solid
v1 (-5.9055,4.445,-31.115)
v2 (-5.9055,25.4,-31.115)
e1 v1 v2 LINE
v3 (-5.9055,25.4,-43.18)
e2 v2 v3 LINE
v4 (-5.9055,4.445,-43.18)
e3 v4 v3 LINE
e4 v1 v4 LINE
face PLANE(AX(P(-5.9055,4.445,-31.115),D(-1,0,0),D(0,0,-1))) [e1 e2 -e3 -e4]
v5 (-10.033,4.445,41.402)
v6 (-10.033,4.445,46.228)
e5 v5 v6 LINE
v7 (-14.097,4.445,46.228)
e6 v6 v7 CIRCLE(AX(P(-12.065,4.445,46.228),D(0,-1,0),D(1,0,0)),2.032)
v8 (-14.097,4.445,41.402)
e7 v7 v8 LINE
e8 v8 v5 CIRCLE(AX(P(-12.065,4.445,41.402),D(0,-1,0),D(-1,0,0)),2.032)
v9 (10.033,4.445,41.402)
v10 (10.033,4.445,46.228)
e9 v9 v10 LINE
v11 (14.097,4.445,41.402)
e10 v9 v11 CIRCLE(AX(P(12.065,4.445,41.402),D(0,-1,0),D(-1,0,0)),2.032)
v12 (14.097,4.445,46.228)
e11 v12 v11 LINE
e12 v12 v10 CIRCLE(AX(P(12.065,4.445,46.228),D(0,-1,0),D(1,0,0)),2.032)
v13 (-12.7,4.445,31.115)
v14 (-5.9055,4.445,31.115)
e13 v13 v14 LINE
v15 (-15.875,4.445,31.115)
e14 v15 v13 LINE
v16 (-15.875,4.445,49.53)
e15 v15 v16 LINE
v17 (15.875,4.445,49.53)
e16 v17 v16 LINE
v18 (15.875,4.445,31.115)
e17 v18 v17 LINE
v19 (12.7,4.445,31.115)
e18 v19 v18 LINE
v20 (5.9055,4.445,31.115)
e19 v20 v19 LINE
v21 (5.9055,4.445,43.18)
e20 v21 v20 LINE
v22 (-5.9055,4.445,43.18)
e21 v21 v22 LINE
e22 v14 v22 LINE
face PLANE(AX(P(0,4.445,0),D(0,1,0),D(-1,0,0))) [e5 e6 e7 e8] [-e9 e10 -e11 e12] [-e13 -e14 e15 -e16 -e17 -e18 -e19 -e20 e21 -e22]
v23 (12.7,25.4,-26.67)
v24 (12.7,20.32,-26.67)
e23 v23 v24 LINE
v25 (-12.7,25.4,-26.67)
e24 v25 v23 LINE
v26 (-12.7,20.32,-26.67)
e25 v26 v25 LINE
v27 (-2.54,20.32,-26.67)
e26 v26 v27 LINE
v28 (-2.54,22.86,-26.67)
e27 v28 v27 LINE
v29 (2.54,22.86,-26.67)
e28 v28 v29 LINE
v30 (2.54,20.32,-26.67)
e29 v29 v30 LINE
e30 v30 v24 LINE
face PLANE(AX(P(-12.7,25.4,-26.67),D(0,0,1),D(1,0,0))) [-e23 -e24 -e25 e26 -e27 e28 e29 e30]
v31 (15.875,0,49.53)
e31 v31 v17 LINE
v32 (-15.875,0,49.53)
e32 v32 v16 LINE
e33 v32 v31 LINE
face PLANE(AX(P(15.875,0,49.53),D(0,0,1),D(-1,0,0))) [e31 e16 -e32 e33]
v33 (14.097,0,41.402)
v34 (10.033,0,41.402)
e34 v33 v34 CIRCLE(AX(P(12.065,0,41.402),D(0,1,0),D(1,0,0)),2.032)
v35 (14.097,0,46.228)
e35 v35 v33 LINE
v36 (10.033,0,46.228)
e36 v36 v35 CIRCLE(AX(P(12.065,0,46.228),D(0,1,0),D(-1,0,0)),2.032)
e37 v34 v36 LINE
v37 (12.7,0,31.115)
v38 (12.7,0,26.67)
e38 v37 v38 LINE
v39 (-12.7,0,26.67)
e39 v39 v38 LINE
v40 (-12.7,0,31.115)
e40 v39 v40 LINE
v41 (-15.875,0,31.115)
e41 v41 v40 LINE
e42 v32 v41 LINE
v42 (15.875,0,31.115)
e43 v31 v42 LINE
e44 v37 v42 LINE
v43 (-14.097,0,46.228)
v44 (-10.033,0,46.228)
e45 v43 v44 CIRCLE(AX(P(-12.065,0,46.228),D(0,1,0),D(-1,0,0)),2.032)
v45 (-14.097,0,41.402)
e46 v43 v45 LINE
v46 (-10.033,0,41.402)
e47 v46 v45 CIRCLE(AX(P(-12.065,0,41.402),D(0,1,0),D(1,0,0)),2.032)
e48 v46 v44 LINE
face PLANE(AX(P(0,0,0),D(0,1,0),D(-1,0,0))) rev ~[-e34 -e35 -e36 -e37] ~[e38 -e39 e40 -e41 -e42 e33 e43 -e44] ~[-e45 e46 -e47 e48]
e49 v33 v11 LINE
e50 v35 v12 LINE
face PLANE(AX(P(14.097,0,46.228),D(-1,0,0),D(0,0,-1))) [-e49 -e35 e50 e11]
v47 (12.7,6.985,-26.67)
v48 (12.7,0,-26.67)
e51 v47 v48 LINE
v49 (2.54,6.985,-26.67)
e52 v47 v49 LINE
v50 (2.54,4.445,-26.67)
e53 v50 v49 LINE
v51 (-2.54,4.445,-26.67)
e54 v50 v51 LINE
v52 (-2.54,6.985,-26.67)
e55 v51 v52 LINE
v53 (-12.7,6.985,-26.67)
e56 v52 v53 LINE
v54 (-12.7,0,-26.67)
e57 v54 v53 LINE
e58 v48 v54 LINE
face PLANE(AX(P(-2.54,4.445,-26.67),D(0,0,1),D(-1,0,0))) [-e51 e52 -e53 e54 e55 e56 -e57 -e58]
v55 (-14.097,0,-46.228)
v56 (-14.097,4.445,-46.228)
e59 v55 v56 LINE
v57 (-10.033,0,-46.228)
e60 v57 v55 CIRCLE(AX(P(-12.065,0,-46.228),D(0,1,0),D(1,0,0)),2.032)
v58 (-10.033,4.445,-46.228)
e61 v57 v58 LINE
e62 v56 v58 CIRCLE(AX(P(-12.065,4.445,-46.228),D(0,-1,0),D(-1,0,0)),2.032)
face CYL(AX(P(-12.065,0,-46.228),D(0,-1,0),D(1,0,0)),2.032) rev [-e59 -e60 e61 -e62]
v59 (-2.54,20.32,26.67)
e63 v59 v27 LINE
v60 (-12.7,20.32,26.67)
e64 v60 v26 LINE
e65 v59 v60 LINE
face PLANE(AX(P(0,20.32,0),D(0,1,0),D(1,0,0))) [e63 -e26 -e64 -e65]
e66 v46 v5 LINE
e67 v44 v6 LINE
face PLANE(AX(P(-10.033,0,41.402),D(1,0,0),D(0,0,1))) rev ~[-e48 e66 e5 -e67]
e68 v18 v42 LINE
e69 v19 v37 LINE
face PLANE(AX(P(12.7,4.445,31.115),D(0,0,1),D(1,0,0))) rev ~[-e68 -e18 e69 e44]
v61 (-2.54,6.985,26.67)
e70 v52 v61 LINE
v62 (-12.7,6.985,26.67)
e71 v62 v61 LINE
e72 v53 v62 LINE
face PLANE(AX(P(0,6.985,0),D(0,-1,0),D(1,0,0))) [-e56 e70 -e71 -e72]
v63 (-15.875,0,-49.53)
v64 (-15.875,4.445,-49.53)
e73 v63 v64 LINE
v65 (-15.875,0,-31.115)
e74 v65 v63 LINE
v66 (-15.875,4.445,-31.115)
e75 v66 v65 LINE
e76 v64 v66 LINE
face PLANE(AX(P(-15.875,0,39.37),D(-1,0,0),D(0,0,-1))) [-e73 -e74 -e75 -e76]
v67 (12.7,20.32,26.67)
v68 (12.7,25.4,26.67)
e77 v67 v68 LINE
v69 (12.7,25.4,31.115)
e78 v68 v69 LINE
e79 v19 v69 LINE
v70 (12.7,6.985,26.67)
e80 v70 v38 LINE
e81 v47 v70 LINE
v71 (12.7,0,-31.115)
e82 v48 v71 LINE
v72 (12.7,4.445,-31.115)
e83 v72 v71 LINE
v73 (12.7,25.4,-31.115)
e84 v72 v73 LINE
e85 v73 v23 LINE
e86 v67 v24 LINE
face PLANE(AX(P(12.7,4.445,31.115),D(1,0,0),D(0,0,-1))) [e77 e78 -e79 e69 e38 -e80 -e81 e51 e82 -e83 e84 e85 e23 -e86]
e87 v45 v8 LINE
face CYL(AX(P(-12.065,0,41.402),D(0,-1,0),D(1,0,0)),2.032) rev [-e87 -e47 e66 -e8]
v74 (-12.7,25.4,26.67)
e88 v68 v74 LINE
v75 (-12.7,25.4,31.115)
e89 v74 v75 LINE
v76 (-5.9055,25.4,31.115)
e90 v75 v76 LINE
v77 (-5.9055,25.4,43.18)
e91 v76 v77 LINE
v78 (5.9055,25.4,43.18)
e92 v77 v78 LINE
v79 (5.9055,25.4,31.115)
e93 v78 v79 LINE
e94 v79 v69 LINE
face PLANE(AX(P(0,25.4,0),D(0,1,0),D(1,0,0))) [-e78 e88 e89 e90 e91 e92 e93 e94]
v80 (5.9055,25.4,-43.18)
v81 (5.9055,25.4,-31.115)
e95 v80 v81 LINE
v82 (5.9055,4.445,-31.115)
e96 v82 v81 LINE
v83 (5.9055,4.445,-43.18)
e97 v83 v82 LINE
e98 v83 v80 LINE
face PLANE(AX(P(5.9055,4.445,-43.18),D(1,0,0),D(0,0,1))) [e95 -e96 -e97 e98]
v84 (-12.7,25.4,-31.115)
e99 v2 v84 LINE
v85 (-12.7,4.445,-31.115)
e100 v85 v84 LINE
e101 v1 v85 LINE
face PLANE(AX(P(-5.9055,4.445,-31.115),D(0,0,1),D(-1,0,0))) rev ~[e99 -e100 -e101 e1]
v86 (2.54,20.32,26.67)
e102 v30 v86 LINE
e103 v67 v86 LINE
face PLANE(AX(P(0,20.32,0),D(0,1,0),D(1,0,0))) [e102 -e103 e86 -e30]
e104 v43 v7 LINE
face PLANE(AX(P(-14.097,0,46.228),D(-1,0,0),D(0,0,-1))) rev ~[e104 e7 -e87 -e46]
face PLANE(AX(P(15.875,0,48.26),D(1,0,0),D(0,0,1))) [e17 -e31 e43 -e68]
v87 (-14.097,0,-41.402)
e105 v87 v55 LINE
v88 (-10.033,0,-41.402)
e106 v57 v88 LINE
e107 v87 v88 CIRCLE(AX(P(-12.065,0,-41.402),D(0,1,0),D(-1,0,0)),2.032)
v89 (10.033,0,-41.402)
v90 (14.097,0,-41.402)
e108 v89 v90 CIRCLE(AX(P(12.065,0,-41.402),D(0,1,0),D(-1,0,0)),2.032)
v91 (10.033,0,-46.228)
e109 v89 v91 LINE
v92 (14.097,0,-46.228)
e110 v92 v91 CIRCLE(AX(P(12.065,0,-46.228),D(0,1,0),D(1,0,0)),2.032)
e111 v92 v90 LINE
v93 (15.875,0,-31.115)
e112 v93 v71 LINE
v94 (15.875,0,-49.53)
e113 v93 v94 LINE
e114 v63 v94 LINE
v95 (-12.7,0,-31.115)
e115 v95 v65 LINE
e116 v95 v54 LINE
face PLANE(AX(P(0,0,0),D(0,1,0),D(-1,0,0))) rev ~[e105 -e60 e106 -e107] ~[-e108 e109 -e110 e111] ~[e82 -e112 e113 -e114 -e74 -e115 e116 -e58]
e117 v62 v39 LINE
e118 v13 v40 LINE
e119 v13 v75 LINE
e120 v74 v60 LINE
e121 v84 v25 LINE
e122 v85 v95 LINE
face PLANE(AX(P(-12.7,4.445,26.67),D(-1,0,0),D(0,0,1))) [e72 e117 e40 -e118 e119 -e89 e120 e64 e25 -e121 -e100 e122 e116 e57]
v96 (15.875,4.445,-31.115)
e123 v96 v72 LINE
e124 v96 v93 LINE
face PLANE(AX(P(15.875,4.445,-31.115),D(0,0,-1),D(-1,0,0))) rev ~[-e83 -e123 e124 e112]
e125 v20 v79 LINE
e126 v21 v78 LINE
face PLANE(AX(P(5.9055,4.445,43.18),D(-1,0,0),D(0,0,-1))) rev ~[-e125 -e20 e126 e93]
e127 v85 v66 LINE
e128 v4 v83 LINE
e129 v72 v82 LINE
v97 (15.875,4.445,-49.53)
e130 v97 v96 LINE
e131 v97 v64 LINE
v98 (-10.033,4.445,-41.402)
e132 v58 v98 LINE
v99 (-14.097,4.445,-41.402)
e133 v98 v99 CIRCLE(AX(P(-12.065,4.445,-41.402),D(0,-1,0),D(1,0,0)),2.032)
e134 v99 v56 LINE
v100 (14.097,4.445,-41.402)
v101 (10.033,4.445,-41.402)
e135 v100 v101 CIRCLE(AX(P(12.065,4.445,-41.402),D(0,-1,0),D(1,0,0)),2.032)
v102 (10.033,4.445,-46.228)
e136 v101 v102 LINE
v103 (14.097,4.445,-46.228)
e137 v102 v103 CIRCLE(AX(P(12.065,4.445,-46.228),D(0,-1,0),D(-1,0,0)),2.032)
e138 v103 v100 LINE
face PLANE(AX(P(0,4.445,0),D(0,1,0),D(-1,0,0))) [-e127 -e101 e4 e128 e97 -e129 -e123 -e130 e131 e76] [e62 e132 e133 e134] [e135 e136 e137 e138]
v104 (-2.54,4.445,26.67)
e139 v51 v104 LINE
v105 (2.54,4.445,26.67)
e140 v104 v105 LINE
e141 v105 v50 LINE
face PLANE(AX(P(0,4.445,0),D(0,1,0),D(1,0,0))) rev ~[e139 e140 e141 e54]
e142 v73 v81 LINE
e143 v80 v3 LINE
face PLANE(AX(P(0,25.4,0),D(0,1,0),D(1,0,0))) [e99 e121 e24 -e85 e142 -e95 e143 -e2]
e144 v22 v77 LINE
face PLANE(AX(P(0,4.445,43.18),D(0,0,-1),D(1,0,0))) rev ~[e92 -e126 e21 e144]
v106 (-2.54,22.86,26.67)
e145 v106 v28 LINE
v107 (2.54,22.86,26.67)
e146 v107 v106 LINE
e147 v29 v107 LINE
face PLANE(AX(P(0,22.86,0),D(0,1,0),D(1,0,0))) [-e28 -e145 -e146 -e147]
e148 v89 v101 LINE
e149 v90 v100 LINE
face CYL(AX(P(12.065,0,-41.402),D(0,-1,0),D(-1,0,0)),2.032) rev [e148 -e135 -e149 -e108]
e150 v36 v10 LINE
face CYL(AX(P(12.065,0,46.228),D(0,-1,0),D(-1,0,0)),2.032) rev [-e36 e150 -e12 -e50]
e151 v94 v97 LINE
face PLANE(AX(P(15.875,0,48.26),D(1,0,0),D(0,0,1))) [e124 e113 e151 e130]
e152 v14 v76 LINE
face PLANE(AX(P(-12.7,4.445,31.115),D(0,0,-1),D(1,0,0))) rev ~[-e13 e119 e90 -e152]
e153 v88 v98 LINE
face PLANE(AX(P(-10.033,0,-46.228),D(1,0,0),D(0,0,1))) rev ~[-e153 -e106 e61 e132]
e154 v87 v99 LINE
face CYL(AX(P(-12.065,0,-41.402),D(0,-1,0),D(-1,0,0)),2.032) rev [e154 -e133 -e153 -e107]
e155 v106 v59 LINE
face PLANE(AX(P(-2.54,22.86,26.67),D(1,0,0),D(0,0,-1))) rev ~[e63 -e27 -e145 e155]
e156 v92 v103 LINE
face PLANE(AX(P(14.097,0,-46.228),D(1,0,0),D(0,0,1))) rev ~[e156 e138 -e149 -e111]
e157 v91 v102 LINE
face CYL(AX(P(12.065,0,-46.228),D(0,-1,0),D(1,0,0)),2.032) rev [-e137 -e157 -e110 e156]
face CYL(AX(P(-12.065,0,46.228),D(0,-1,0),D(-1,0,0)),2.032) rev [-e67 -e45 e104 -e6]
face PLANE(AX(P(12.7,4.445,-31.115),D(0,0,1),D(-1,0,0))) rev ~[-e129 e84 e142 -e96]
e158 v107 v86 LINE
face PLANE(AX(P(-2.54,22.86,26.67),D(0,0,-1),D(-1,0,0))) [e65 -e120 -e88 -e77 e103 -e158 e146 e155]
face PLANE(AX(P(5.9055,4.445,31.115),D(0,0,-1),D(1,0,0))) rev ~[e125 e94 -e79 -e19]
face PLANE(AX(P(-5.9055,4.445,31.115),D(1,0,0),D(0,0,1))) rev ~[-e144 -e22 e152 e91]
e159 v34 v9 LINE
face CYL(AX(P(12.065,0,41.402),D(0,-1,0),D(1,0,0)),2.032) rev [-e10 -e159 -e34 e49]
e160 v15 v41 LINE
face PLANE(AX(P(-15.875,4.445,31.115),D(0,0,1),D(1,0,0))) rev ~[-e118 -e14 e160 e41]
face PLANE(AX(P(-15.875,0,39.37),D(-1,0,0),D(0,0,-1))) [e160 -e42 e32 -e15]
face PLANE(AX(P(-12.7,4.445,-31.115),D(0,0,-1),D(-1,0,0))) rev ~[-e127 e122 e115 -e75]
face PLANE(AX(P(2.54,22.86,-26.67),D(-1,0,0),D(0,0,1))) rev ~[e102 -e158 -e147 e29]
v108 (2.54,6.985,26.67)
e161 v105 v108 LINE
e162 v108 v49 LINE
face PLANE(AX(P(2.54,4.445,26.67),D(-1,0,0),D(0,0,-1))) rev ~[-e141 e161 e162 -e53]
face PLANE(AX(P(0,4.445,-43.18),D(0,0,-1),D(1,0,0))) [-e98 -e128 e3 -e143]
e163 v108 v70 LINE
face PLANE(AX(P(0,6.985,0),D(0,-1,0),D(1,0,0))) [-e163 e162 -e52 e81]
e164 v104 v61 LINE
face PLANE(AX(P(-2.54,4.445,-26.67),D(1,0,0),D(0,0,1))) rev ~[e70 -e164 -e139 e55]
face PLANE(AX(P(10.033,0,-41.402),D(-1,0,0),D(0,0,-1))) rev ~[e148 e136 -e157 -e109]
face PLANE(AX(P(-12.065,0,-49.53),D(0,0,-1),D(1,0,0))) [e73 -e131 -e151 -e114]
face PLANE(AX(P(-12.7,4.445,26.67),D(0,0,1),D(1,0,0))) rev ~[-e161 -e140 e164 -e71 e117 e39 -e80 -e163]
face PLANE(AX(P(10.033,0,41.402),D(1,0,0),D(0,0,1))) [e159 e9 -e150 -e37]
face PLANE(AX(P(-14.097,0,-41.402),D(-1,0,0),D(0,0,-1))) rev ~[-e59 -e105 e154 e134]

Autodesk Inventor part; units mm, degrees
ref_plane "YZ Plane" through (0, 0, 0) normal (1, 0, 0) x (0, 1, 0)
ref_plane "XZ Plane" through (0, 0, 0) normal (0, 1, 0) x (-1, 0, 0)
ref_plane "XY Plane" through (0, 0, 0) normal (0, 0, 1) x (1, 0, 0)
sketch "Sketch1" plane through (0, 0, 0) normal (0, 1, 0) x (-1, 0, 0)
  line L0 (-15.875, 49.53) -> (15.875, 49.53)
  line L1 (15.875, 49.53) -> (15.875, -49.53)
  line L2 (15.875, -49.53) -> (-15.875, -49.53)
  line L3 (-15.875, -49.53) -> (-15.875, 49.53)
  line L4 (-15.875, 49.53) -> (15.875, -49.53) construction
  line L5 (15.875, 49.53) -> (-15.875, -49.53) construction
  line L6 (15.875, -49.53) -> (15.875, -48.26)
  line L7 (15.875, -49.53) -> (17.145, -49.53) construction
  line L8 (15.875, 49.53) -> (15.875, 48.26)
  line L9 (15.875, 49.53) -> (17.145, 49.53) construction
  line L10 (15.875, -49.53) -> (14.097, -49.53)
  line L11 (-15.875, -49.53) -> (-14.097, -49.53)
  line L12 (15.875, -49.53) -> (15.875, -39.37)
  line L13 (15.875, 49.53) -> (15.875, 39.37)
  line L14 (14.097, 49.53) -> (12.065, 49.53)
  line L15 (-14.097, 49.53) -> (-12.065, 49.53)
  line L16 (-12.065, -39.37) -> (-12.065, -48.26) construction
  line L17 (-10.033, -41.402) -> (-10.033, -46.228)
  line L18 (-14.097, -46.228) -> (-14.097, -41.402)
  arc A0 (-10.033, -41.402) -> (-14.097, -41.402) centre (-12.065, -41.402) ccw
  arc A1 (-14.097, -46.228) -> (-10.033, -46.228) centre (-12.065, -46.228) ccw
  line L19 (12.065, -48.26) -> (12.065, -39.37) construction
  line L20 (10.033, -46.228) -> (10.033, -41.402)
  line L21 (14.097, -41.402) -> (14.097, -46.228)
  arc A2 (10.033, -46.228) -> (14.097, -46.228) centre (12.065, -46.228) ccw
  arc A3 (14.097, -41.402) -> (10.033, -41.402) centre (12.065, -41.402) ccw
  line L22 (12.065, 39.37) -> (12.065, 48.26) construction
  line L23 (10.033, 41.402) -> (10.033, 46.228)
  line L24 (14.097, 46.228) -> (14.097, 41.402)
  arc A4 (10.033, 41.402) -> (14.097, 41.402) centre (12.065, 41.402) ccw
  arc A5 (14.097, 46.228) -> (10.033, 46.228) centre (12.065, 46.228) ccw
  line L25 (-12.065, 39.37) -> (-12.065, 48.26) construction
  line L26 (-10.033, 41.402) -> (-10.033, 46.228)
  line L27 (-14.097, 46.228) -> (-14.097, 41.402)
  arc A6 (-14.097, 41.402) -> (-10.033, 41.402) centre (-12.065, 41.402) ccw
  arc A7 (-10.033, 46.228) -> (-14.097, 46.228) centre (-12.065, 46.228) ccw
  line L28 (-12.065, 49.53) -> (-12.065, 37.6428)
  line L29 (-12.065, -37.6428) -> (-12.065, -49.53)
  line L30 (-14.097, -49.53) -> (-14.097, -39.37)
  line L31 (-14.097, 39.37) -> (-14.097, 49.53)
  line L32 (12.065, 49.53) -> (12.065, 37.6428)
  line L33 (12.065, -37.6428) -> (12.065, -49.53)
  line L34 (14.097, -49.53) -> (14.097, -39.37)
  line L35 (14.097, 39.37) -> (14.097, 49.53)
  line L36 (15.875, 39.37) -> (12.065, 39.37)
  line L37 (-12.065, 39.37) -> (-15.875, 39.37)
  line L38 (15.875, 48.26) -> (12.065, 48.26)
  line L39 (-12.065, 48.26) -> (-15.875, 48.26)
  line L40 (15.875, -39.37) -> (12.065, -39.37)
  line L41 (-12.065, -39.37) -> (-15.875, -39.37)
  line L42 (15.875, -48.26) -> (12.065, -48.26)
  line L43 (-12.065, -48.26) -> (-15.875, -48.26)
  point P0 (0, 0)
  point P1 (-12.065, -43.815)
  point P2 (12.065, -43.815)
  point P3 (12.065, 43.815)
  point P4 (-12.065, 43.815)
  dimension "d0" = 31.75
  dimension "d1" = 99.06
  dimension "d2" = 1.27
  dimension "d3" = 90
  dimension "d4" = 1.27
  dimension "d5" = 90
  dimension "d6" = 1.778
  dimension "d8" = 1.778
  dimension "d10" = 10.16
  dimension "d11" = 10.16
  dimension "d12" = 2.032
  dimension "d13" = 2.032
extrude "Extrusion1" add sketch "Sketch1" along normal blind 4.445 contours L0 L31 L39 L3 | L0 L28 L39 L31 | L39 L31 L27 L37 L3 | L0 L32 A5 L23 A4 L36 L1 L40 A3 L20 A2 L33 L2 L29 A1 L17 A0 L41 L3 L37 A6 L26 A7 L28 | L39 A7 L31 | L0 L35 L38 L32 | L41 L30 L18 L43 L3 | L31 A6 L37 | L0 L1 L38 L35 | L38 L35 A5 | L43 L30 L2 L3 | L41 A0 L30 | L38 L1 L36 L35 L24 | A4 L35 L36 | L43 L29 L2 L30 | L30 A1 L43 | L1 L42 L34 L21 L40 | L33 L42 L34 L2 | L1 L2 L34 L42 | L34 A3 L40 | A2 L34 L42
sketch "Sketch2" plane through (0, 4.445, 0) normal (0, 1, 0) x (1, 0, 0)
  line L0 (15.875, -49.53) -> (15.875, 49.53) projected
  line L1 (-15.875, -31.115) -> (15.875, -31.115)
  line L2 (15.875, -31.115) -> (15.875, 31.115)
  line L3 (15.875, 31.115) -> (-15.875, 31.115)
  line L4 (-15.875, 31.115) -> (-15.875, -31.115)
  line L5 (-15.875, -31.115) -> (15.875, 31.115) construction
  line L6 (15.875, -31.115) -> (-15.875, 31.115) construction
  line L7 (-12.7, -31.115) -> (12.7, -31.115)
  line L8 (12.7, -31.115) -> (12.7, 31.115)
  line L9 (12.7, 31.115) -> (-12.7, 31.115)
  line L10 (-12.7, 31.115) -> (-12.7, -31.115)
  line L11 (-12.7, -31.115) -> (12.7, 31.115) construction
  line L12 (12.7, -31.115) -> (-12.7, 31.115) construction
  line L13 (-12.7, -26.67) -> (12.7, -26.67)
  line L14 (12.7, -26.67) -> (12.7, 26.67)
  line L15 (12.7, 26.67) -> (-12.7, 26.67)
  line L16 (-12.7, 26.67) -> (-12.7, -26.67)
  line L17 (-12.7, -26.67) -> (12.7, 26.67) construction
  line L18 (12.7, -26.67) -> (-12.7, 26.67) construction
  point P0 (0, 0)
  dimension "d16" = 62.23
  dimension "d19" = 25.4
  dimension "d20" = 53.34
extrude "Extrusion2" cut sketch "Sketch2" against normal blind 4.445 contours L1 L8 L3 L0 | L1 L4 L3 L10 | L13 L10 L15 L8
sketch "Sketch3" plane through (0, 4.445, 0) normal (0, 1, 0) x (1, 0, 0)
  line L0 (12.7, 31.115) -> (12.7, 26.67) projected
  line L1 (-12.7, -31.115) -> (12.7, -31.115)
  line L2 (12.7, -31.115) -> (12.7, 31.115)
  line L3 (12.7, 31.115) -> (-12.7, 31.115)
  line L4 (-12.7, 31.115) -> (-12.7, -31.115)
  line L5 (-12.7, -31.115) -> (12.7, 31.115) construction
  line L6 (12.7, -31.115) -> (-12.7, 31.115) construction
  line L7 (15.875, 49.53) -> (-15.875, 49.53) projected
  line L8 (0, 49.53) -> (0, -49.53)
  line L9 (-15.875, -49.53) -> (15.875, -49.53) projected
  line L10 (0, 26.67) -> (0, 34.925)
  line L11 (12.7, -26.67) -> (-12.7, -26.67) projected
  line L12 (0, -26.67) -> (0, -34.925)
  line L13 (-12.7, 26.67) -> (12.7, 26.67) projected
  line L14 (-5.9055, 43.18) -> (5.9055, 43.18)
  line L15 (5.9055, 43.18) -> (5.9055, 26.67)
  line L16 (5.9055, 26.67) -> (-5.9055, 26.67)
  line L17 (-5.9055, 26.67) -> (-5.9055, 43.18)
  line L18 (-5.9055, 43.18) -> (5.9055, 26.67) construction
  line L19 (5.9055, 43.18) -> (-5.9055, 26.67) construction
  line L20 (-5.9055, -43.18) -> (5.9055, -43.18)
  line L21 (5.9055, -43.18) -> (5.9055, -26.67)
  line L22 (5.9055, -26.67) -> (-5.9055, -26.67)
  line L23 (-5.9055, -26.67) -> (-5.9055, -43.18)
  line L24 (-5.9055, -43.18) -> (5.9055, -26.67) construction
  line L25 (5.9055, -43.18) -> (-5.9055, -26.67) construction
  point P0 (0, 0)
  point P1 (-5.9055, -31.115)
  point P2 (5.9055, -31.115)
  point P3 (-5.9055, 31.115)
  point P4 (5.9055, 31.115)
  dimension "d23" = 8.255
  dimension "d24" = 8.255
  dimension "d25" = 11.811
extrude "Extrusion3" add sketch "Sketch3" along normal blind 20.955
sketch "Sketch4" plane through (0, 25.4, 0) normal (0, 1, 0) x (1, 0, 0)
  line L0 (12.7, -26.67) -> (-12.7, -26.67) projected
  line L1 (-12.7, 26.67) -> (12.7, 26.67)
  line L2 (12.7, 26.67) -> (12.7, -26.67)
  line L3 (12.7, -26.67) -> (-12.7, -26.67)
  line L4 (-12.7, -26.67) -> (-12.7, 26.67)
  line L5 (-12.7, 26.67) -> (12.7, -26.67) construction
  line L6 (12.7, 26.67) -> (-12.7, -26.67) construction
  point P0 (0, 0)
extrude "Extrusion4" cut sketch "Sketch4" against normal blind 2.54
sketch "Sketch5" plane through (0, 22.86, 0) normal (0, 1, 0) x (1, 0, 0)
  line L0 (12.7, -26.67) -> (12.7, 26.67) projected
  line L1 (-12.7, 26.67) -> (12.7, 26.67)
  line L2 (12.7, 26.67) -> (12.7, -26.67)
  line L3 (12.7, -26.67) -> (-12.7, -26.67)
  line L4 (-12.7, -26.67) -> (-12.7, 26.67)
  line L5 (-12.7, 26.67) -> (12.7, -26.67) construction
  line L6 (12.7, 26.67) -> (-12.7, -26.67) construction
  line L7 (-2.54, 26.67) -> (2.54, 26.67)
  line L8 (2.54, 26.67) -> (2.54, -26.67)
  line L9 (2.54, -26.67) -> (-2.54, -26.67)
  line L10 (-2.54, -26.67) -> (-2.54, 26.67)
  line L11 (-2.54, 26.67) -> (2.54, -26.67) construction
  line L12 (2.54, 26.67) -> (-2.54, -26.67) construction
  point P0 (0, 0)
  dimension "d28" = 5.08
extrude "Extrusion5" cut sketch "Sketch5" against normal blind 2.54 contours L3 L8 L1 L0 | L3 L4 L1 L10
sketch "Sketch6" plane through (0, 4.445, 0) normal (0, -1, 0) x (1, 0, 0)
  line L0 (12.7, -26.67) -> (12.7, 26.67) projected
  line L1 (-12.7, 26.67) -> (12.7, 26.67)
  line L2 (12.7, 26.67) -> (12.7, -26.67)
  line L3 (12.7, -26.67) -> (-12.7, -26.67)
  line L4 (-12.7, -26.67) -> (-12.7, 26.67)
  line L5 (-12.7, 26.67) -> (12.7, -26.67) construction
  line L6 (12.7, 26.67) -> (-12.7, -26.67) construction
  line L7 (-2.54, 26.67) -> (2.54, 26.67)
  line L8 (2.54, 26.67) -> (2.54, -26.67)
  line L9 (2.54, -26.67) -> (-2.54, -26.67)
  line L10 (-2.54, -26.67) -> (-2.54, 26.67)
  line L11 (-2.54, 26.67) -> (2.54, -26.67) construction
  line L12 (2.54, 26.67) -> (-2.54, -26.67) construction
  point P0 (0, 0)
  dimension "d31" = 5.08
extrude "Extrusion6" cut sketch "Sketch6" against normal blind 2.54 contours L3 L8 L1 L0 | L3 L4 L1 L10
equation "\"d17\" = d14"
equation "\"d14\" = 4.445"
properties part number "12v_heater_mount"
